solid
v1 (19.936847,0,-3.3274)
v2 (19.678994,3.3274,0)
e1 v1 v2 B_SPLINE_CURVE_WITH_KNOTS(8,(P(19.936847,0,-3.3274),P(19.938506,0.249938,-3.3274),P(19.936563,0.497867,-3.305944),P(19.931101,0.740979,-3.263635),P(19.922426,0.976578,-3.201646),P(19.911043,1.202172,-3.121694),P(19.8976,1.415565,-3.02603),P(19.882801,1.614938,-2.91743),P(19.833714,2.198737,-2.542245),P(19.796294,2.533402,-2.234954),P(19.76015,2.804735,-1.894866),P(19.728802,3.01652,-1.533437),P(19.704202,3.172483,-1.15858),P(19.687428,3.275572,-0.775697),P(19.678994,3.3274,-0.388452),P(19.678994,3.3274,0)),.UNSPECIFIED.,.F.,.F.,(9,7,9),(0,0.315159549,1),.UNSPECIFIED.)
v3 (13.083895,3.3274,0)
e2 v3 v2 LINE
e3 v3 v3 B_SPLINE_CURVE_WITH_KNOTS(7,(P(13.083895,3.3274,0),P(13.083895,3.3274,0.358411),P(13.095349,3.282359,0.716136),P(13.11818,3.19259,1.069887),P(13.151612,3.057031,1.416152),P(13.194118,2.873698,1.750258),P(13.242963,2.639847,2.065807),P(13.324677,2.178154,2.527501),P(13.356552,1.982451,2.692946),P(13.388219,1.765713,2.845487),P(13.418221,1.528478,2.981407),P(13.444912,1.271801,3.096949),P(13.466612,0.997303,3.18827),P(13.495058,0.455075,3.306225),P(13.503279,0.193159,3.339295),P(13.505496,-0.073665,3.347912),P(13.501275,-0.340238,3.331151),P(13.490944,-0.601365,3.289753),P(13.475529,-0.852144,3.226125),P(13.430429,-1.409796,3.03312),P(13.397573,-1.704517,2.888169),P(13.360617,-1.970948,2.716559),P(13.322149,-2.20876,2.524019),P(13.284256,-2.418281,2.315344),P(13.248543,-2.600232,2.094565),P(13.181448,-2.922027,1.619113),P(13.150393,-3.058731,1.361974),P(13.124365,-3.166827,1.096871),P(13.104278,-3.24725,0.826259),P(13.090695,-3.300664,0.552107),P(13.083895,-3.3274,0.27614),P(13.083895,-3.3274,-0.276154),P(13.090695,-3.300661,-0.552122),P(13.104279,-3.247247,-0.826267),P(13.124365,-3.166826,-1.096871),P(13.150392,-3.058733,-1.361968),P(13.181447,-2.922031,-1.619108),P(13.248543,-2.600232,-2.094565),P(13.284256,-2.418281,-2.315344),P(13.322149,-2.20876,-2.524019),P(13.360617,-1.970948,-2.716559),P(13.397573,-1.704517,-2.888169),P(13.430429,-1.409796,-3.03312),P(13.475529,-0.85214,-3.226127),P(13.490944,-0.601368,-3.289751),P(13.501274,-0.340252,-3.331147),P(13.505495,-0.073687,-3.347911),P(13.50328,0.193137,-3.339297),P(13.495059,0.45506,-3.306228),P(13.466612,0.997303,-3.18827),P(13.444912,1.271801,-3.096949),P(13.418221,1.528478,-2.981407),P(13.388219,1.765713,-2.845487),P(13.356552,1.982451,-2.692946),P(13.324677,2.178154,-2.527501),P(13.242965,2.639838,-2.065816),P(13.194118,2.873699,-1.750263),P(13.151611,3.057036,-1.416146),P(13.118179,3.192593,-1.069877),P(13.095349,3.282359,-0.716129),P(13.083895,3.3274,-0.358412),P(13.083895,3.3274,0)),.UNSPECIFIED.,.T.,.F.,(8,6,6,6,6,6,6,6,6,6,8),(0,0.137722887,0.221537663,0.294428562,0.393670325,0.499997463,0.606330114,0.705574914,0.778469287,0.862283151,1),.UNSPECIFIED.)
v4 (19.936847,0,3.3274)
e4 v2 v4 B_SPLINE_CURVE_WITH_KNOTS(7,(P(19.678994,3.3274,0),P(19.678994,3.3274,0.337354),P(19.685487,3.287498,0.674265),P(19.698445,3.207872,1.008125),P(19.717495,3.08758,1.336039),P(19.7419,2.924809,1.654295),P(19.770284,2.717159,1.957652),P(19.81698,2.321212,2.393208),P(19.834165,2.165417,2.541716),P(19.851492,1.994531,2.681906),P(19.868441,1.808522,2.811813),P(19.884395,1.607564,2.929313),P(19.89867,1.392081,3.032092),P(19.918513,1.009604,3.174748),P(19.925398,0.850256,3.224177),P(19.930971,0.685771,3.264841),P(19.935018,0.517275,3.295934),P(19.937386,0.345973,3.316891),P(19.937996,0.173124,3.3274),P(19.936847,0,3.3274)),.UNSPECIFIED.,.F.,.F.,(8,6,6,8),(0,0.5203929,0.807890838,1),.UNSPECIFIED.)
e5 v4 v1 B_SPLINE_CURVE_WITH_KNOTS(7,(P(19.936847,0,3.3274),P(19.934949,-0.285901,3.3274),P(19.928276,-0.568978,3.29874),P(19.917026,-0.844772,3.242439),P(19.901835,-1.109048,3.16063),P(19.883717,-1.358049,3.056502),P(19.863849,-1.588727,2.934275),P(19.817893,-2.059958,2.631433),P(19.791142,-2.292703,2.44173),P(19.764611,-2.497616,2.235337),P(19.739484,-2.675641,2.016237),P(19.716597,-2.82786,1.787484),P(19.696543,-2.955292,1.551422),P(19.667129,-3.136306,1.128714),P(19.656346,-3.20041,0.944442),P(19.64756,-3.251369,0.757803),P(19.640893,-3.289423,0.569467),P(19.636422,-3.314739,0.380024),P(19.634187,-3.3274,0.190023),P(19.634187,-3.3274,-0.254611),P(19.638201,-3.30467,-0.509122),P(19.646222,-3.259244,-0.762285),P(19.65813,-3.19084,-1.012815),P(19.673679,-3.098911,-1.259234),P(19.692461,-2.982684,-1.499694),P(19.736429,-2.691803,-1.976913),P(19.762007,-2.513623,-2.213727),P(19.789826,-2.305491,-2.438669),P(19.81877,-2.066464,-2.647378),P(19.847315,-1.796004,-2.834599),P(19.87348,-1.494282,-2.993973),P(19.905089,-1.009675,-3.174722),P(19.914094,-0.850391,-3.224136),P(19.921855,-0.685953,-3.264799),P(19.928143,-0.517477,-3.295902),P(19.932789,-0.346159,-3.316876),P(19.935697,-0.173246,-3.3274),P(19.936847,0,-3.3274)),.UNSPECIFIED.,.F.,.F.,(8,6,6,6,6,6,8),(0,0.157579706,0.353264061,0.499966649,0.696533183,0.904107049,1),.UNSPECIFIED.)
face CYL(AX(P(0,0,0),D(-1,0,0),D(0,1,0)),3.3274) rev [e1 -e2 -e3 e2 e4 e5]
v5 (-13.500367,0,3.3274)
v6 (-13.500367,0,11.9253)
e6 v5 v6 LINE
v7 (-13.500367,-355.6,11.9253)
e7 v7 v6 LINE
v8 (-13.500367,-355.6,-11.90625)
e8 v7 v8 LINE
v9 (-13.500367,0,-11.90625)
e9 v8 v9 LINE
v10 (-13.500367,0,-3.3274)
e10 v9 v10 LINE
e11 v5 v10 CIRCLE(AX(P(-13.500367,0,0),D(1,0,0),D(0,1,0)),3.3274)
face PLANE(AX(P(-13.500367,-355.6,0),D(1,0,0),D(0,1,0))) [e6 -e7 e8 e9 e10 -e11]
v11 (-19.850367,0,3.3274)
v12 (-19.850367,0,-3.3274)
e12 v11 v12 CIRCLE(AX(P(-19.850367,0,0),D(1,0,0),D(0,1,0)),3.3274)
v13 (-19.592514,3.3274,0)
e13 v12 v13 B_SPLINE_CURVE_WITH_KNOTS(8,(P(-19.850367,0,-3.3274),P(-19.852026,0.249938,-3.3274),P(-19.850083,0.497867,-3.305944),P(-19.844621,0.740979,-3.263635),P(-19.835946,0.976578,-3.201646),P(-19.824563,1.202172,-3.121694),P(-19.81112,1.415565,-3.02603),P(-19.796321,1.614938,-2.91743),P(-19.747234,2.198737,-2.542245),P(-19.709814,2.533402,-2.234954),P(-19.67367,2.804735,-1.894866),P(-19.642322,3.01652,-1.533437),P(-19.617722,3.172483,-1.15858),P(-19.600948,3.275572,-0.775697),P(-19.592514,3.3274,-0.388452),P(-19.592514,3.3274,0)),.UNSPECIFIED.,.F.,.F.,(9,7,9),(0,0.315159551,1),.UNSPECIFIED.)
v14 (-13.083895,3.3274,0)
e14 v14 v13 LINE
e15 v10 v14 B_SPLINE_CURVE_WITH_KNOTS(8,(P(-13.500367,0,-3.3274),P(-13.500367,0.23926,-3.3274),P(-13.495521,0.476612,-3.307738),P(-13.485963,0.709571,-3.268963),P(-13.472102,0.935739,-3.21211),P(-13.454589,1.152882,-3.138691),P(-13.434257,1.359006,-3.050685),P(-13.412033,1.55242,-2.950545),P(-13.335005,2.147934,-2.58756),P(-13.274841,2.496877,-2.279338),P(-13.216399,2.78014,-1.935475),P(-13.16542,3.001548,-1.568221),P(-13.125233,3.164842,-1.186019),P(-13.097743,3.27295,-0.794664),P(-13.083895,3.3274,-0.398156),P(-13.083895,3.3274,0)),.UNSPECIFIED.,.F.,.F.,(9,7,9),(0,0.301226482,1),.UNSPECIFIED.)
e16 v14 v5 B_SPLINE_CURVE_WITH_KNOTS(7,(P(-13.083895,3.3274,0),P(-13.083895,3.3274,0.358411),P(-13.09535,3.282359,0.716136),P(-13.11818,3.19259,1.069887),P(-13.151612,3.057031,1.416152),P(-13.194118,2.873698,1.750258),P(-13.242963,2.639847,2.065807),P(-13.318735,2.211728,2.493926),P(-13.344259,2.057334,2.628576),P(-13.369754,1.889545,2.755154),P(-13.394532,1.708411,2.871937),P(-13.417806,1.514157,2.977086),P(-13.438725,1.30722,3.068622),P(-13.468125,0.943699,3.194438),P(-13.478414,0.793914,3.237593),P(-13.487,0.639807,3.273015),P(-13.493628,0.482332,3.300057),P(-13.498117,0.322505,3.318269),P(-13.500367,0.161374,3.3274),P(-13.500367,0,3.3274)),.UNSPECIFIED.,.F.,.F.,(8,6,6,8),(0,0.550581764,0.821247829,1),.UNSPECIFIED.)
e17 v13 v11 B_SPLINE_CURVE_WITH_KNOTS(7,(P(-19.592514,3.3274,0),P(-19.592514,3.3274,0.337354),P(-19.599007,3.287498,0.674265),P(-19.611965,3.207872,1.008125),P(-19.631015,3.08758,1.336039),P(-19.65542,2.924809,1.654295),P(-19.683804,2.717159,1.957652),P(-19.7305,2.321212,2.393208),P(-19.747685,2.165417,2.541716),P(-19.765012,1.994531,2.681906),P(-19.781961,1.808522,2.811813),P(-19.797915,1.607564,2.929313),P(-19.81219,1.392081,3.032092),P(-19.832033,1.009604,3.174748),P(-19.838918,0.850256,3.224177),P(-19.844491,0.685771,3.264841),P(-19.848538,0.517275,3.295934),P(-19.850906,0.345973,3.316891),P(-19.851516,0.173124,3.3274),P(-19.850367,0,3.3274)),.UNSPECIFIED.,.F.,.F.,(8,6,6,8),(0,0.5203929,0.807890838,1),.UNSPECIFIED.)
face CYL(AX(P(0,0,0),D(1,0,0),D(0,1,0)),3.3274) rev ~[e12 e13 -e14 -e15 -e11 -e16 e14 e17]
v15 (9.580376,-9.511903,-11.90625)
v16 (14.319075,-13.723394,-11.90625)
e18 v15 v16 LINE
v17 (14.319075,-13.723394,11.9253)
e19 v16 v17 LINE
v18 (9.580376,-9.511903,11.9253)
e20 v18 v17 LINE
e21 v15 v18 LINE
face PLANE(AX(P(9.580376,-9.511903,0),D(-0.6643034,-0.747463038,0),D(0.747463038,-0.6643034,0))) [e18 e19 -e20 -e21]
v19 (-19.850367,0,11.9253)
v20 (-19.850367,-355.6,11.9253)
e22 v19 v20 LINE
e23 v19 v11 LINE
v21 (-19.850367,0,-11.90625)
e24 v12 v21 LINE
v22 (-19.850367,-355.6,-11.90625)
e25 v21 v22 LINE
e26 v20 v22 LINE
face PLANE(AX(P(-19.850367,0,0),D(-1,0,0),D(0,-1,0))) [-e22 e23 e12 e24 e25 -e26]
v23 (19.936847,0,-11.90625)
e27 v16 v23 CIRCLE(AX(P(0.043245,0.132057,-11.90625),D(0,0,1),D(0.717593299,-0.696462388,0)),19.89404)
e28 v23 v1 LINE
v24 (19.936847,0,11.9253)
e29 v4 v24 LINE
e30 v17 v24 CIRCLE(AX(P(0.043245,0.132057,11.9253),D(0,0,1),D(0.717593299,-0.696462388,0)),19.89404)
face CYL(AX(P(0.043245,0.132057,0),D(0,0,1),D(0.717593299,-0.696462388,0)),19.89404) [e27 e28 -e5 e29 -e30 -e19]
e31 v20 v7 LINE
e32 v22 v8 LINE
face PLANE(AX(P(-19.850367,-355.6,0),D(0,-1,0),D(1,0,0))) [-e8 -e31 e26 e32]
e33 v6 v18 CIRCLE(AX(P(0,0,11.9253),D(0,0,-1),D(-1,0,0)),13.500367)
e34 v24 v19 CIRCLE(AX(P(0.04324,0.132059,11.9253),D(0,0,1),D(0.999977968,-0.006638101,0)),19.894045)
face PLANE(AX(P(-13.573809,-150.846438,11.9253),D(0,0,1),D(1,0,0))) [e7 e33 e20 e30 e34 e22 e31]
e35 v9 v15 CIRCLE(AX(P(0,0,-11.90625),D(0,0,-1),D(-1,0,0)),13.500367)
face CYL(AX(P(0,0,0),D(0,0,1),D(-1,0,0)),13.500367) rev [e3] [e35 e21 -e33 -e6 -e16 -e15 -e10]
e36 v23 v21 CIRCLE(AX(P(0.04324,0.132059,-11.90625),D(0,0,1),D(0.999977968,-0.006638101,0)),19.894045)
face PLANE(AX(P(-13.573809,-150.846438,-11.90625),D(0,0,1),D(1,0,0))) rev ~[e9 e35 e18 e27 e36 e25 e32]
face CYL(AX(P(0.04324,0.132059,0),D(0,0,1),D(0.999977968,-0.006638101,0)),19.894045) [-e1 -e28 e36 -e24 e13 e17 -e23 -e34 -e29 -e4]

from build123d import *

# Parameters (mm, degrees)
F1_DEPTH      = 11.9253
F1_DEPTH_BACK = 11.90625
F2_R          = 3.3274
F3_DEPTH      = 25.4
F3_DEPTH_BACK = 25.4


with BuildPart() as f1:
    # F0 (on Top) → F1 (new body, two sides)
    with BuildSketch(Plane.XY) as f1_sk:
        with BuildLine():
            Line((-13.500367, -355.6), (-13.500367, 0))
            ThreePointArc((-13.500367, 0), (5.143992, 12.481957), (9.580376, -9.511903))
            Line((9.580376, -9.511903), (14.319075, -13.723394))
            ThreePointArc((14.319075, -13.723394), (18.454394, -7.404682), (19.936847, 0))
            ThreePointArc((19.936847, 0), (0.04324, 20.026104), (-19.850367, 0))
            Line((-19.850367, 0), (-19.850367, -355.6))
            Line((-19.850367, -355.6), (-13.500367, -355.6))
        make_face()
    extrude(amount=F1_DEPTH)
    extrude(f1_sk.sketch, amount=-F1_DEPTH_BACK)

    # F2 (on Right) → F3 (cut, two sides)
    with BuildSketch(Plane.YZ) as f3_sk:
        Circle(F2_R)
    extrude(amount=F3_DEPTH, mode=Mode.SUBTRACT)
    extrude(f3_sk.sketch, amount=-F3_DEPTH_BACK, mode=Mode.SUBTRACT)


solid = f1.part
